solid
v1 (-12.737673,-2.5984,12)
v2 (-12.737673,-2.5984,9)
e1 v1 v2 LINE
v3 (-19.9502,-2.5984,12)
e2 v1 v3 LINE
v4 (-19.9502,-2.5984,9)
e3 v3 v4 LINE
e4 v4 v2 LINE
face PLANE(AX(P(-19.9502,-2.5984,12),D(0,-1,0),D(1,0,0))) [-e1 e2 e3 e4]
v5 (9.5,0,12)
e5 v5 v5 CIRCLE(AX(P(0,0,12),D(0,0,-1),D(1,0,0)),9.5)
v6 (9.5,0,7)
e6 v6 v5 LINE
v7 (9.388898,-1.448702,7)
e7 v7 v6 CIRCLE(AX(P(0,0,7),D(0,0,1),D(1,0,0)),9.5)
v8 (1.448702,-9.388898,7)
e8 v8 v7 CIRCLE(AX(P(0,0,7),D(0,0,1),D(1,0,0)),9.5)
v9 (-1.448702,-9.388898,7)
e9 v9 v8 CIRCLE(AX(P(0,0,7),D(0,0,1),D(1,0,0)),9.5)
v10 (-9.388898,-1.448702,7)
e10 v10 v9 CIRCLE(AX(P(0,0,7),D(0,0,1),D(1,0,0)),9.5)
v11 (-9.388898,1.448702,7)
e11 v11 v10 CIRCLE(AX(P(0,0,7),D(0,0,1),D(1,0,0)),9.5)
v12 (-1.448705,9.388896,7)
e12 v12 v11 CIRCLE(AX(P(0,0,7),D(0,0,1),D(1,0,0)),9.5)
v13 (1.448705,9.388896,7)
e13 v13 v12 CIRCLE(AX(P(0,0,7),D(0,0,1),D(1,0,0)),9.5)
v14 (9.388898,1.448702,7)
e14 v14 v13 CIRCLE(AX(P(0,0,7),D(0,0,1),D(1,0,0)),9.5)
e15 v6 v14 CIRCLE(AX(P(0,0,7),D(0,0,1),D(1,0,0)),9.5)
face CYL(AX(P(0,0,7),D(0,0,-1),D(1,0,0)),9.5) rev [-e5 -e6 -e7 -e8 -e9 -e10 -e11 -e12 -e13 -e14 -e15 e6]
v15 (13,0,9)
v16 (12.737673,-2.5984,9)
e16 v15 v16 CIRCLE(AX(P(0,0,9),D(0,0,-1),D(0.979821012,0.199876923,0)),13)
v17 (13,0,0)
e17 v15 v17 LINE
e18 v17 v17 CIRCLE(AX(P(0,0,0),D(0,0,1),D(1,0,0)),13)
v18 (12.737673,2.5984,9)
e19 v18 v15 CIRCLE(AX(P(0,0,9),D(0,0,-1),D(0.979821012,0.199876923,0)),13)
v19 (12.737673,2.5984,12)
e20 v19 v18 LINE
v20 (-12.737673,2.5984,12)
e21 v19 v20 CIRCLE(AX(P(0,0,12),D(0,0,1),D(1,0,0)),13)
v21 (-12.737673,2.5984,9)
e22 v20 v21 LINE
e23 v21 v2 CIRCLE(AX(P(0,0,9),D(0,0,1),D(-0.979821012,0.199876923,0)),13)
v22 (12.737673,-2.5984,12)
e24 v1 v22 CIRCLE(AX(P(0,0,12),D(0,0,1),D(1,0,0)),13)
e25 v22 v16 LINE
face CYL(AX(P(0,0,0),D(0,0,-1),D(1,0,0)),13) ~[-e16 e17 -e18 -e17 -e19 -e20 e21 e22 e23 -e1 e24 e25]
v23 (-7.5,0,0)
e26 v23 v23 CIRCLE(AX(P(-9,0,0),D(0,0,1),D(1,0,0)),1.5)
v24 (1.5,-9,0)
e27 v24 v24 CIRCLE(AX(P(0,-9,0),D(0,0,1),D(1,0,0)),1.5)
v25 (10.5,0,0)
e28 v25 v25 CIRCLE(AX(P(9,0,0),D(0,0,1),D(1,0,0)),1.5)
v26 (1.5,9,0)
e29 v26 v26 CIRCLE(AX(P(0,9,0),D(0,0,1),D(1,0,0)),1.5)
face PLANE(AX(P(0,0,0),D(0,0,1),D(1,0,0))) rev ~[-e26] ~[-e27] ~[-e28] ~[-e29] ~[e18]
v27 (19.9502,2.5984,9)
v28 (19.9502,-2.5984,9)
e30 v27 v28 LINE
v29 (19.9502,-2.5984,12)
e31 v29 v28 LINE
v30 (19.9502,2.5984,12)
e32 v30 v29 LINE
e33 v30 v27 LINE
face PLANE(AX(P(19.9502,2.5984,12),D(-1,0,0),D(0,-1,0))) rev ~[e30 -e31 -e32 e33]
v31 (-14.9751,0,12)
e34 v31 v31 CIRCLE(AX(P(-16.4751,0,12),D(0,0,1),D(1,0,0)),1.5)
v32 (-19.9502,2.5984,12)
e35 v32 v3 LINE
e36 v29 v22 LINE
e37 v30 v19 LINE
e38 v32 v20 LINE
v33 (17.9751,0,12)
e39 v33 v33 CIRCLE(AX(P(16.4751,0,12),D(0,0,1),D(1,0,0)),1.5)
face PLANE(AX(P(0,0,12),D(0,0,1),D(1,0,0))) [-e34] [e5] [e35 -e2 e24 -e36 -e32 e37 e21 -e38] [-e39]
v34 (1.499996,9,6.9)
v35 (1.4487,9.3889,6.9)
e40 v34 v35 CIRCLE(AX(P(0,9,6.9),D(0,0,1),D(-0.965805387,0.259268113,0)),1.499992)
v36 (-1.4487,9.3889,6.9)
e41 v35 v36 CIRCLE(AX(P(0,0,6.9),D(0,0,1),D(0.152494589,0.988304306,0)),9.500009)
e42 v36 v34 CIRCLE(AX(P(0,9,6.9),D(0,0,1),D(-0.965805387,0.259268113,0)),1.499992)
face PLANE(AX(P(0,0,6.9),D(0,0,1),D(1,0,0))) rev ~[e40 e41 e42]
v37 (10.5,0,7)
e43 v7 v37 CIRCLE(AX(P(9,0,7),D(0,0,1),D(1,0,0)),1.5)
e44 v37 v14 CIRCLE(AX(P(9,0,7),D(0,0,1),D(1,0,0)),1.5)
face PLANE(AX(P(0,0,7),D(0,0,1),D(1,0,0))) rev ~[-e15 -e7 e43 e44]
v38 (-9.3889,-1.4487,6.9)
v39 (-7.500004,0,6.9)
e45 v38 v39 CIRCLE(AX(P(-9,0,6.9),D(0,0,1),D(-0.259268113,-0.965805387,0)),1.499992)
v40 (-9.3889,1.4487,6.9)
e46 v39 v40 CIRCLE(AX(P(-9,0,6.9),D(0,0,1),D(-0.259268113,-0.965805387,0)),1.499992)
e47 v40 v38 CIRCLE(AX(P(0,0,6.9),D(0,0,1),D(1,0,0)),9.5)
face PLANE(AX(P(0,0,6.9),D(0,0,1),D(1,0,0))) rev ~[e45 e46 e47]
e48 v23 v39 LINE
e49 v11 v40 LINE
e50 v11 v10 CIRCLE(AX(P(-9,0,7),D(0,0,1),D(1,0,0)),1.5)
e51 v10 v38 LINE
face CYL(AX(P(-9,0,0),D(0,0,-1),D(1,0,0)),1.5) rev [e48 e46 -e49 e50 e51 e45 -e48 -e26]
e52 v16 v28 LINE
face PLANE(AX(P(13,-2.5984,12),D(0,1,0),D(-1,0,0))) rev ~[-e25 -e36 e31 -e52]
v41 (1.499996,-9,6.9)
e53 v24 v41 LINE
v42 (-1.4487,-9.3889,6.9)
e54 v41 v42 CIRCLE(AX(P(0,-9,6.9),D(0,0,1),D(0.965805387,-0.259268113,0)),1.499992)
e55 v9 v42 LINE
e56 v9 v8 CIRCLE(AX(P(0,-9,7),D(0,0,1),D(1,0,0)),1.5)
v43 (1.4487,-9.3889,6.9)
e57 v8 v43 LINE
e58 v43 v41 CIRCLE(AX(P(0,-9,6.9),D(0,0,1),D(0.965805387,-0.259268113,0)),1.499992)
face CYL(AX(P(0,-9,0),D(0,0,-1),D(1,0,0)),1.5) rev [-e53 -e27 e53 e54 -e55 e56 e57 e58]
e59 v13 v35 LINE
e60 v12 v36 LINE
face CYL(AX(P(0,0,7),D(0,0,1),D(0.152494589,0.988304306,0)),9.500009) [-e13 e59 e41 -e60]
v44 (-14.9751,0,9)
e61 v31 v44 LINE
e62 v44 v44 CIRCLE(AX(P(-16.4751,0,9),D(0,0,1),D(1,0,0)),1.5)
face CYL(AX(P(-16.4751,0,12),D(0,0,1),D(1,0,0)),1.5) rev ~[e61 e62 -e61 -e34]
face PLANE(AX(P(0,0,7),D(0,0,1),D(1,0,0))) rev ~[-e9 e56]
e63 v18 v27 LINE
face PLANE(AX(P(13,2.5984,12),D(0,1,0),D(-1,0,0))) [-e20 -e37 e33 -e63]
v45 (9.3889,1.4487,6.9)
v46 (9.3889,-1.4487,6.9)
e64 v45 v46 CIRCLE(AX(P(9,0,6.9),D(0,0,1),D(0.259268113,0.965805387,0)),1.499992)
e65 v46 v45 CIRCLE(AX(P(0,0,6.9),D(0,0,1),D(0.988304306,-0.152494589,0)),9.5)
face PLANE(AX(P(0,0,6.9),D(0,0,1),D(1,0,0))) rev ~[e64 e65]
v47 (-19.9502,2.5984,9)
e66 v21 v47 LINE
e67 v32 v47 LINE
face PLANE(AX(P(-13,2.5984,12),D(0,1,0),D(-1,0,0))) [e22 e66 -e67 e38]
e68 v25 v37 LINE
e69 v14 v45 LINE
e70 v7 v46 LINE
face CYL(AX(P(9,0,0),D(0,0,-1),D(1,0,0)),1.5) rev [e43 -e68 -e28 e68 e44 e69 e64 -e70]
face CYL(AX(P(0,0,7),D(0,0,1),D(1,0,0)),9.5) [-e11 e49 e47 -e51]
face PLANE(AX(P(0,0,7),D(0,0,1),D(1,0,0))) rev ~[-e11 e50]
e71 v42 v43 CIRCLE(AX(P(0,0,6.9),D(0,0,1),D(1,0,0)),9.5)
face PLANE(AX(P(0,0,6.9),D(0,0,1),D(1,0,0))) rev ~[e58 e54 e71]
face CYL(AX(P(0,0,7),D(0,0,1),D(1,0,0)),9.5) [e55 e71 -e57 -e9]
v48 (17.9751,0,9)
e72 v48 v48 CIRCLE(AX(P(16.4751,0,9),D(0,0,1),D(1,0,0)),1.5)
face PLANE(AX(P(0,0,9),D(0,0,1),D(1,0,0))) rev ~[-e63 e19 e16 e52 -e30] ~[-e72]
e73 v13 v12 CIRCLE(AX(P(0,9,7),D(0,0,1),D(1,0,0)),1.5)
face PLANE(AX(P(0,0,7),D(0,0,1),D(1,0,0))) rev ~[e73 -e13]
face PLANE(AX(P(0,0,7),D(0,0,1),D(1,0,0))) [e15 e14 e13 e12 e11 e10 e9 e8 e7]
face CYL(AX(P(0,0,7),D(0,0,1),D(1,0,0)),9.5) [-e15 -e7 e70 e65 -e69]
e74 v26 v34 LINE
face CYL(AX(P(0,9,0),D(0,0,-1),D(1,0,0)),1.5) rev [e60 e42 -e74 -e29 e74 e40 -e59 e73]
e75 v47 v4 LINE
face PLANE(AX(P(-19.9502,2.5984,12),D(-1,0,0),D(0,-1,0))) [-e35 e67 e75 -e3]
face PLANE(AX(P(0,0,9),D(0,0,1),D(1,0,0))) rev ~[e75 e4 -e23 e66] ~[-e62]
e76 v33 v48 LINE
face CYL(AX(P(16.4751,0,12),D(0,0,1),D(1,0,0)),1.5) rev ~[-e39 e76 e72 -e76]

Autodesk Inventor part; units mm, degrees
ref_plane "YZ Plane" through (0, 0, 0) normal (1, 0, 0) x (0, 1, 0)
ref_plane "XZ Plane" through (0, 0, 0) normal (0, 1, 0) x (-1, 0, 0)
ref_plane "XY Plane" through (0, 0, 0) normal (0, 0, 1) x (1, 0, 0)
sketch "Эскиз1" plane through (0, 0, 0) normal (0, 0, 1) x (1, 0, 0)
  circle A0 centre (0, 0) radius 13
  circle A1 centre (0, 9) radius 1.5
  circle A2 centre (-9, 0) radius 1.5
  circle A3 centre (0, -9) radius 1.5
  circle A4 centre (9, 0) radius 1.5
  dimension "d0" = 26
  dimension "d1" = 3
  dimension "d2" = 9
  dimension "d5" = 360
extrude "Выдавливание1" add sketch "Эскиз1" along normal blind 7
sketch "Эскиз2" plane through (0, 0, 7) normal (0, 0, 1) x (1, 0, 0)
  circle A0 centre (0, 0) radius 13 projected
  circle A1 centre (9, 0) radius 1.5 projected
  circle A2 centre (0, -9) radius 1.5 projected
  circle A3 centre (-9, 0) radius 1.5 projected
  circle A4 centre (0, 9) radius 1.5 projected
  circle A5 centre (0, 0) radius 9.5
  dimension "d9" = 19
extrude "Выдавливание2" add sketch "Эскиз2" along normal blind 5 contours A0 | A1 A5 | A5 A4 | A2 A5 | A5 A3 picked at (9.8174, -0.2697) picked at (-0.0593, 9.8216) picked at (0.0593, -9.8216) picked at (-9.8216, 0.0593)
sketch "Эскиз3" plane through (0, 0, 7) normal (0, 0, 1) x (1, 0, 0)
  arc A0 (-1.4487, 9.3889) -> (-9.3889, 1.4487) centre (0, 0) ccw projected
  arc A1 (-9.3889, -1.4487) -> (-9.3889, 1.4487) centre (-9, 0) ccw projected
  arc A2 (-9.3889, -1.4487) -> (-1.4487, -9.3889) centre (0, 0) ccw projected
  arc A3 (1.4487, -9.3889) -> (-1.4487, -9.3889) centre (0, -9) ccw projected
  arc A4 (1.4487, -9.3889) -> (9.3889, -1.4487) centre (0, 0) ccw projected
  arc A5 (9.3889, 1.4487) -> (9.3889, -1.4487) centre (9, 0) ccw projected
  arc A6 (9.3889, 1.4487) -> (1.4487, 9.3889) centre (0, 0) ccw projected
  arc A7 (-1.4487, 9.3889) -> (1.4487, 9.3889) centre (0, 9) ccw projected
  arc A8 (1.4487, 9.3889) -> (-1.4487, 9.3889) centre (0, 0) ccw projected
  circle A9 centre (0, 0) radius 9.5 projected
  arc A10 (9.3889, -1.4487) -> (9.3889, 1.4487) centre (0, 0) ccw projected
  arc A11 (1.4487, -9.3889) -> (9.3889, -1.4487) centre (0, 0) ccw projected
  arc A12 (-1.4487, -9.3889) -> (1.4487, -9.3889) centre (0, 0) ccw projected
  arc A13 (-9.3889, -1.4487) -> (-1.4487, -9.3889) centre (0, 0) ccw projected
  arc A14 (-9.3889, 1.4487) -> (-9.3889, -1.4487) centre (0, 0) ccw projected
  arc A15 (-1.4487, 9.3889) -> (-9.3889, 1.4487) centre (0, 0) ccw projected
  arc A16 (1.4487, 9.3889) -> (-1.4487, 9.3889) centre (0, 0) ccw projected
  arc A17 (9.3889, 1.4487) -> (1.4487, 9.3889) centre (0, 0) ccw projected
  point P0 (-1.4487, -9.3889)
  point P1 (1.4487, -9.3889)
  point P2 (9.3889, -1.4487)
  point P3 (9.3889, 1.4487)
  point P4 (-9.3889, 1.4487)
  point P5 (-9.3889, -1.4487)
extrude "Выдавливание3" add sketch "Эскиз3" against normal blind 0.1 contours A8 A7 | A1 A9 | A9 A5 | A3 A9
sketch "Эскиз4" plane through (0, 0, 12) normal (0, 0, 1) x (1, 0, 0)
  circle A0 centre (-16.4751, 0) radius 1.5
  circle A1 centre (0, 9) radius 1.5 projected
  arc A2 (1.4487, -9.3889) -> (-1.4487, -9.3889) centre (0, -9) ccw projected
  line L0 (0, 9) -> (0, -9)
  circle A3 centre (16.4751, 0) radius 1.5
  line L1 (-19.9502, -2.5984) -> (-13, -2.5984)
  line L2 (-13, -2.5984) -> (-13, 2.5984)
  line L3 (-13, 2.5984) -> (-19.9502, 2.5984)
  line L4 (-19.9502, 2.5984) -> (-19.9502, -2.5984)
  line L5 (-19.9502, -2.5984) -> (-13, 2.5984) construction
  line L6 (-13, -2.5984) -> (-19.9502, 2.5984) construction
  line L7 (-13, 2.5984) -> (-11.6906, 2.5984)
  circle A4 centre (0, 0) radius 13 projected
  circle A5 centre (0, 0) radius 9.5 projected
  line L8 (-13, -2.5984) -> (-12.3453, -2.5984)
  circle A6 centre (16.4751, 0) radius 1.5
  line L9 (19.9502, -2.5984) -> (13, -2.5984)
  line L10 (13, -2.5984) -> (13, 2.5984)
  line L11 (13, 2.5984) -> (19.9502, 2.5984)
  line L12 (19.9502, 2.5984) -> (19.9502, -2.5984)
  line L13 (19.9502, -2.5984) -> (13, 2.5984) construction
  line L14 (13, -2.5984) -> (19.9502, 2.5984) construction
  line L15 (13, 2.5984) -> (11.6906, 2.5984)
  line L16 (13, -2.5984) -> (12.3453, -2.5984)
  point P0 (12.7377, 2.5984)
  point P1 (12.7377, -2.5984)
  point P2 (-12.7377, -2.5984)
  point P3 (-12.7377, 2.5984)
  dimension "d14" = 3
extrude "Выдавливание4" add sketch "Эскиз4" against normal blind 3 contours L4 L3 L2 L1 | L2 A4 L8 | L2 L7 A4 | A4 L10 L16 | L15 L10 A4 | L10 L11 L12 L9
properties part number "вт2"
